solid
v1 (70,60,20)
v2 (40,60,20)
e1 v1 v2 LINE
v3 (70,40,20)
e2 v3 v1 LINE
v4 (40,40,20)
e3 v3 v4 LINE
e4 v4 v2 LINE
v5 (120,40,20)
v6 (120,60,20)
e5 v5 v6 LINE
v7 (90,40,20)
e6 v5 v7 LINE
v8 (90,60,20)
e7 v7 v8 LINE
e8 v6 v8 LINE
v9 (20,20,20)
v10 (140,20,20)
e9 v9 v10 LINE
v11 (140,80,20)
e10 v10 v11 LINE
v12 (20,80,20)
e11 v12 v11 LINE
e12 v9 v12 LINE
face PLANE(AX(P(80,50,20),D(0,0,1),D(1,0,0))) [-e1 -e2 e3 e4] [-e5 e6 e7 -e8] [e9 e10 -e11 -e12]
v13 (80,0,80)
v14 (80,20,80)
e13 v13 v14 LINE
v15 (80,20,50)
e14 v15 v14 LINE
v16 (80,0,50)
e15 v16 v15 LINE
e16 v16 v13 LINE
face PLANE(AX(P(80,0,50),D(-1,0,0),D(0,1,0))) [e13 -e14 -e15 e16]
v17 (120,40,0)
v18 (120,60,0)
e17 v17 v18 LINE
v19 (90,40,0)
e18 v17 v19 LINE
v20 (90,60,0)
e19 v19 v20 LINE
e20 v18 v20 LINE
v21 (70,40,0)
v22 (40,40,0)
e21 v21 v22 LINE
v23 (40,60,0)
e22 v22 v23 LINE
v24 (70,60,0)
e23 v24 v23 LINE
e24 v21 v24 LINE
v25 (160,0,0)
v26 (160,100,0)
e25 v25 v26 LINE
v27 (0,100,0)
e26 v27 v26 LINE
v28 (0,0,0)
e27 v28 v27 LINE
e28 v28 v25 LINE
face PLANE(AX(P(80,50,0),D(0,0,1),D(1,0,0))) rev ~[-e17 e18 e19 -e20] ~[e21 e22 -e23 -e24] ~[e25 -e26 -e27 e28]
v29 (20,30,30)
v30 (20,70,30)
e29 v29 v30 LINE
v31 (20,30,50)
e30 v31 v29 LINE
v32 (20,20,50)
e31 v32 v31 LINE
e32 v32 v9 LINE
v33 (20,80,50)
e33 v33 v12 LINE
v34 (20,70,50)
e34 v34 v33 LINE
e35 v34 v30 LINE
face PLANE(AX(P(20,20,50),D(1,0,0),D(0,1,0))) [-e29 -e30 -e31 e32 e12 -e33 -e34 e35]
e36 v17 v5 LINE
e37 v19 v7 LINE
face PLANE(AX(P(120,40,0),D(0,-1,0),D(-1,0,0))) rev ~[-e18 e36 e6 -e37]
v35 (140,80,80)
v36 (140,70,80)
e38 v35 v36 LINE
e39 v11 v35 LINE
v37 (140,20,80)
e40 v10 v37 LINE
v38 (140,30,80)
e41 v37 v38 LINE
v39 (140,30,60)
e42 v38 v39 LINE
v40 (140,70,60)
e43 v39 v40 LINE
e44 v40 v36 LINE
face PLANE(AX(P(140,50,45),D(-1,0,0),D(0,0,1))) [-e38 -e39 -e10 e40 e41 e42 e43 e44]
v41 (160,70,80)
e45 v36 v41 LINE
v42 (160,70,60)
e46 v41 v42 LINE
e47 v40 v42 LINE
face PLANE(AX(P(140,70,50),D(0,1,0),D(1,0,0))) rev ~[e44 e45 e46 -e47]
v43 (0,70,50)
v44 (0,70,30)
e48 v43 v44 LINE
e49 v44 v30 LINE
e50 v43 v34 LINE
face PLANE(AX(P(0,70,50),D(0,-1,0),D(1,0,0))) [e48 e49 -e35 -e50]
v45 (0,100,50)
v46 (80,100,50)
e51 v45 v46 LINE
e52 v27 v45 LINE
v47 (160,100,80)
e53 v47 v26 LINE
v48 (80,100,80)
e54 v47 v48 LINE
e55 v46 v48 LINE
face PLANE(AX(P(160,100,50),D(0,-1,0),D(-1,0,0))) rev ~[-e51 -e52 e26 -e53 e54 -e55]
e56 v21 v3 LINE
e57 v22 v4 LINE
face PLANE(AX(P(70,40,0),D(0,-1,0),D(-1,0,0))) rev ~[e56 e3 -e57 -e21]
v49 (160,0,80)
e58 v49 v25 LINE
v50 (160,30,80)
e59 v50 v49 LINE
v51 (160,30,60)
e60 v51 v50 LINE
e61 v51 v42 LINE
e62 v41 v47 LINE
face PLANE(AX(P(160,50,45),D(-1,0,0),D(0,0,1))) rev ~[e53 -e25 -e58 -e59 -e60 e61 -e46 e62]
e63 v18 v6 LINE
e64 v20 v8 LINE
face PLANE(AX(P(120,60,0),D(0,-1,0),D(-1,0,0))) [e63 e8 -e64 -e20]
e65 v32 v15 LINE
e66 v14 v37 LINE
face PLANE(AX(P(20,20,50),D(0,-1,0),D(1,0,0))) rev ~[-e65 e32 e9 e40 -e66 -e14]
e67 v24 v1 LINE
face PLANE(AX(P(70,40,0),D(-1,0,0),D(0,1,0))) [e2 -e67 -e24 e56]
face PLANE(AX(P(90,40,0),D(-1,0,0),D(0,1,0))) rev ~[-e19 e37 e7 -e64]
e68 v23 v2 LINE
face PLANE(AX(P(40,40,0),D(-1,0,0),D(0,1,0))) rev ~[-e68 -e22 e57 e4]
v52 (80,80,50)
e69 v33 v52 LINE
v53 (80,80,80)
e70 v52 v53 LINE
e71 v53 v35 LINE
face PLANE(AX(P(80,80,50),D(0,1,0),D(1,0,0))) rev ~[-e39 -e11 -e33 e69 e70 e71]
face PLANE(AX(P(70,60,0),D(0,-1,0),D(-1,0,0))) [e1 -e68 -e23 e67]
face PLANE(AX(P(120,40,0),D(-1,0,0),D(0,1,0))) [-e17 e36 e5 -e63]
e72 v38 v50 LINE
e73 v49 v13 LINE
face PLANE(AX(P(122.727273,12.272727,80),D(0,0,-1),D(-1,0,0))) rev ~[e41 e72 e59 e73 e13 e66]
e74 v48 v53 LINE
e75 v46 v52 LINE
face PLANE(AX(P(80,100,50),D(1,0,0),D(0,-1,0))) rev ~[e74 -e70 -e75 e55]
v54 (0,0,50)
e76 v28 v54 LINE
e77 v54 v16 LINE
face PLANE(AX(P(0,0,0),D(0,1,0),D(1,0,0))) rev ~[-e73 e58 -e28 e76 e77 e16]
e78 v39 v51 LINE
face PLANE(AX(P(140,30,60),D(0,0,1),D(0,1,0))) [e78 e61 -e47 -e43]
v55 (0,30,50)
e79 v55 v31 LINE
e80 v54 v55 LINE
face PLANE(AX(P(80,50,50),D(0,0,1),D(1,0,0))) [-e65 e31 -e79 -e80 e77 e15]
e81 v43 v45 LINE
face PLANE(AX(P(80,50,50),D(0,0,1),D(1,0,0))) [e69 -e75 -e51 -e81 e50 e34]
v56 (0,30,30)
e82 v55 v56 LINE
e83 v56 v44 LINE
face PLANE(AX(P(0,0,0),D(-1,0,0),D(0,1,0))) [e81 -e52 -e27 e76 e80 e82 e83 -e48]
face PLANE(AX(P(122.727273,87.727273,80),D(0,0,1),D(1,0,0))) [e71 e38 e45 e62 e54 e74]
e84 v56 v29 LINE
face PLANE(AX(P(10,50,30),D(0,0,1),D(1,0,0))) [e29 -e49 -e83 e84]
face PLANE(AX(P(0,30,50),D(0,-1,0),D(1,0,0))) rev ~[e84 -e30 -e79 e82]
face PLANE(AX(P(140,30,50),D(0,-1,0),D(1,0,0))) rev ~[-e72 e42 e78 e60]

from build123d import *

# Parameters (mm, degrees)
SKETCH1_W           = 160
SKETCH1_H           = 100
BOSS_EXTRUDE1_DEPTH = 50
SKETCH2_W           = 20
SKETCH2_H           = 40
CUT_EXTRUDE1_DEPTH  = 20
SKETCH3_W           = 30
SKETCH3_H           = 20
CUT_EXTRUDE2_DEPTH  = 20
SKETCH4_W           = 120
SKETCH4_H           = 60
CUT_EXTRUDE3_DEPTH  = 30
BOSS_EXTRUDE2_DEPTH = 30
SKETCH8_W           = 30
SKETCH8_H           = 40
BOSS_EXTRUDE3_DEPTH = 20


with BuildPart() as part:
    # Sketch1 → Boss-Extrude1 (new body)
    with BuildSketch(Plane.XY):
        with Locations((80, 50)):
            Rectangle(SKETCH1_W, SKETCH1_H)
    extrude(amount=BOSS_EXTRUDE1_DEPTH)

    # Sketch2 → Cut-Extrude1 (cut)
    with BuildSketch(Plane.XY.offset(50)):
        with Locations((10, 50)):
            Rectangle(SKETCH2_W, SKETCH2_H)
        with Locations((150, 50)):
            Rectangle(SKETCH2_W, SKETCH2_H)
    extrude(amount=-CUT_EXTRUDE1_DEPTH, mode=Mode.SUBTRACT)

    # Sketch3 → Cut-Extrude2 (cut)
    with BuildSketch(Plane(origin=(0, 0, 0), x_dir=(-1, 0, 0), z_dir=(0, 0, -1))):
        with Locations((-55, 50)):
            Rectangle(SKETCH3_W, SKETCH3_H)
        with Locations((-105, 50)):
            Rectangle(SKETCH3_W, SKETCH3_H)
    extrude(amount=-CUT_EXTRUDE2_DEPTH, mode=Mode.SUBTRACT)

    # Sketch4 → Cut-Extrude3 (cut)
    with BuildSketch(Plane.XY.offset(50)):
        with Locations((80, 50)):
            Rectangle(SKETCH4_W, SKETCH4_H)
    extrude(amount=-CUT_EXTRUDE3_DEPTH, mode=Mode.SUBTRACT)

    # Sketch5 → Boss-Extrude2 (add)
    with BuildSketch(Plane.XY.offset(50)):
        Polygon((80, 100), (80, 80), (140, 80), (140, 70), (160, 70), (160, 100), align=None)
        Polygon((80, 0), (80, 20), (140, 20), (140, 30), (160, 30), (160, 0), align=None)
    extrude(amount=BOSS_EXTRUDE2_DEPTH)

    # Sketch8 → Boss-Extrude3 (add)
    with BuildSketch(Plane.ZY.offset(-140)):
        with Locations((45, 50)):
            Rectangle(SKETCH8_W, SKETCH8_H)
    extrude(amount=-BOSS_EXTRUDE3_DEPTH)


solid = part.part
